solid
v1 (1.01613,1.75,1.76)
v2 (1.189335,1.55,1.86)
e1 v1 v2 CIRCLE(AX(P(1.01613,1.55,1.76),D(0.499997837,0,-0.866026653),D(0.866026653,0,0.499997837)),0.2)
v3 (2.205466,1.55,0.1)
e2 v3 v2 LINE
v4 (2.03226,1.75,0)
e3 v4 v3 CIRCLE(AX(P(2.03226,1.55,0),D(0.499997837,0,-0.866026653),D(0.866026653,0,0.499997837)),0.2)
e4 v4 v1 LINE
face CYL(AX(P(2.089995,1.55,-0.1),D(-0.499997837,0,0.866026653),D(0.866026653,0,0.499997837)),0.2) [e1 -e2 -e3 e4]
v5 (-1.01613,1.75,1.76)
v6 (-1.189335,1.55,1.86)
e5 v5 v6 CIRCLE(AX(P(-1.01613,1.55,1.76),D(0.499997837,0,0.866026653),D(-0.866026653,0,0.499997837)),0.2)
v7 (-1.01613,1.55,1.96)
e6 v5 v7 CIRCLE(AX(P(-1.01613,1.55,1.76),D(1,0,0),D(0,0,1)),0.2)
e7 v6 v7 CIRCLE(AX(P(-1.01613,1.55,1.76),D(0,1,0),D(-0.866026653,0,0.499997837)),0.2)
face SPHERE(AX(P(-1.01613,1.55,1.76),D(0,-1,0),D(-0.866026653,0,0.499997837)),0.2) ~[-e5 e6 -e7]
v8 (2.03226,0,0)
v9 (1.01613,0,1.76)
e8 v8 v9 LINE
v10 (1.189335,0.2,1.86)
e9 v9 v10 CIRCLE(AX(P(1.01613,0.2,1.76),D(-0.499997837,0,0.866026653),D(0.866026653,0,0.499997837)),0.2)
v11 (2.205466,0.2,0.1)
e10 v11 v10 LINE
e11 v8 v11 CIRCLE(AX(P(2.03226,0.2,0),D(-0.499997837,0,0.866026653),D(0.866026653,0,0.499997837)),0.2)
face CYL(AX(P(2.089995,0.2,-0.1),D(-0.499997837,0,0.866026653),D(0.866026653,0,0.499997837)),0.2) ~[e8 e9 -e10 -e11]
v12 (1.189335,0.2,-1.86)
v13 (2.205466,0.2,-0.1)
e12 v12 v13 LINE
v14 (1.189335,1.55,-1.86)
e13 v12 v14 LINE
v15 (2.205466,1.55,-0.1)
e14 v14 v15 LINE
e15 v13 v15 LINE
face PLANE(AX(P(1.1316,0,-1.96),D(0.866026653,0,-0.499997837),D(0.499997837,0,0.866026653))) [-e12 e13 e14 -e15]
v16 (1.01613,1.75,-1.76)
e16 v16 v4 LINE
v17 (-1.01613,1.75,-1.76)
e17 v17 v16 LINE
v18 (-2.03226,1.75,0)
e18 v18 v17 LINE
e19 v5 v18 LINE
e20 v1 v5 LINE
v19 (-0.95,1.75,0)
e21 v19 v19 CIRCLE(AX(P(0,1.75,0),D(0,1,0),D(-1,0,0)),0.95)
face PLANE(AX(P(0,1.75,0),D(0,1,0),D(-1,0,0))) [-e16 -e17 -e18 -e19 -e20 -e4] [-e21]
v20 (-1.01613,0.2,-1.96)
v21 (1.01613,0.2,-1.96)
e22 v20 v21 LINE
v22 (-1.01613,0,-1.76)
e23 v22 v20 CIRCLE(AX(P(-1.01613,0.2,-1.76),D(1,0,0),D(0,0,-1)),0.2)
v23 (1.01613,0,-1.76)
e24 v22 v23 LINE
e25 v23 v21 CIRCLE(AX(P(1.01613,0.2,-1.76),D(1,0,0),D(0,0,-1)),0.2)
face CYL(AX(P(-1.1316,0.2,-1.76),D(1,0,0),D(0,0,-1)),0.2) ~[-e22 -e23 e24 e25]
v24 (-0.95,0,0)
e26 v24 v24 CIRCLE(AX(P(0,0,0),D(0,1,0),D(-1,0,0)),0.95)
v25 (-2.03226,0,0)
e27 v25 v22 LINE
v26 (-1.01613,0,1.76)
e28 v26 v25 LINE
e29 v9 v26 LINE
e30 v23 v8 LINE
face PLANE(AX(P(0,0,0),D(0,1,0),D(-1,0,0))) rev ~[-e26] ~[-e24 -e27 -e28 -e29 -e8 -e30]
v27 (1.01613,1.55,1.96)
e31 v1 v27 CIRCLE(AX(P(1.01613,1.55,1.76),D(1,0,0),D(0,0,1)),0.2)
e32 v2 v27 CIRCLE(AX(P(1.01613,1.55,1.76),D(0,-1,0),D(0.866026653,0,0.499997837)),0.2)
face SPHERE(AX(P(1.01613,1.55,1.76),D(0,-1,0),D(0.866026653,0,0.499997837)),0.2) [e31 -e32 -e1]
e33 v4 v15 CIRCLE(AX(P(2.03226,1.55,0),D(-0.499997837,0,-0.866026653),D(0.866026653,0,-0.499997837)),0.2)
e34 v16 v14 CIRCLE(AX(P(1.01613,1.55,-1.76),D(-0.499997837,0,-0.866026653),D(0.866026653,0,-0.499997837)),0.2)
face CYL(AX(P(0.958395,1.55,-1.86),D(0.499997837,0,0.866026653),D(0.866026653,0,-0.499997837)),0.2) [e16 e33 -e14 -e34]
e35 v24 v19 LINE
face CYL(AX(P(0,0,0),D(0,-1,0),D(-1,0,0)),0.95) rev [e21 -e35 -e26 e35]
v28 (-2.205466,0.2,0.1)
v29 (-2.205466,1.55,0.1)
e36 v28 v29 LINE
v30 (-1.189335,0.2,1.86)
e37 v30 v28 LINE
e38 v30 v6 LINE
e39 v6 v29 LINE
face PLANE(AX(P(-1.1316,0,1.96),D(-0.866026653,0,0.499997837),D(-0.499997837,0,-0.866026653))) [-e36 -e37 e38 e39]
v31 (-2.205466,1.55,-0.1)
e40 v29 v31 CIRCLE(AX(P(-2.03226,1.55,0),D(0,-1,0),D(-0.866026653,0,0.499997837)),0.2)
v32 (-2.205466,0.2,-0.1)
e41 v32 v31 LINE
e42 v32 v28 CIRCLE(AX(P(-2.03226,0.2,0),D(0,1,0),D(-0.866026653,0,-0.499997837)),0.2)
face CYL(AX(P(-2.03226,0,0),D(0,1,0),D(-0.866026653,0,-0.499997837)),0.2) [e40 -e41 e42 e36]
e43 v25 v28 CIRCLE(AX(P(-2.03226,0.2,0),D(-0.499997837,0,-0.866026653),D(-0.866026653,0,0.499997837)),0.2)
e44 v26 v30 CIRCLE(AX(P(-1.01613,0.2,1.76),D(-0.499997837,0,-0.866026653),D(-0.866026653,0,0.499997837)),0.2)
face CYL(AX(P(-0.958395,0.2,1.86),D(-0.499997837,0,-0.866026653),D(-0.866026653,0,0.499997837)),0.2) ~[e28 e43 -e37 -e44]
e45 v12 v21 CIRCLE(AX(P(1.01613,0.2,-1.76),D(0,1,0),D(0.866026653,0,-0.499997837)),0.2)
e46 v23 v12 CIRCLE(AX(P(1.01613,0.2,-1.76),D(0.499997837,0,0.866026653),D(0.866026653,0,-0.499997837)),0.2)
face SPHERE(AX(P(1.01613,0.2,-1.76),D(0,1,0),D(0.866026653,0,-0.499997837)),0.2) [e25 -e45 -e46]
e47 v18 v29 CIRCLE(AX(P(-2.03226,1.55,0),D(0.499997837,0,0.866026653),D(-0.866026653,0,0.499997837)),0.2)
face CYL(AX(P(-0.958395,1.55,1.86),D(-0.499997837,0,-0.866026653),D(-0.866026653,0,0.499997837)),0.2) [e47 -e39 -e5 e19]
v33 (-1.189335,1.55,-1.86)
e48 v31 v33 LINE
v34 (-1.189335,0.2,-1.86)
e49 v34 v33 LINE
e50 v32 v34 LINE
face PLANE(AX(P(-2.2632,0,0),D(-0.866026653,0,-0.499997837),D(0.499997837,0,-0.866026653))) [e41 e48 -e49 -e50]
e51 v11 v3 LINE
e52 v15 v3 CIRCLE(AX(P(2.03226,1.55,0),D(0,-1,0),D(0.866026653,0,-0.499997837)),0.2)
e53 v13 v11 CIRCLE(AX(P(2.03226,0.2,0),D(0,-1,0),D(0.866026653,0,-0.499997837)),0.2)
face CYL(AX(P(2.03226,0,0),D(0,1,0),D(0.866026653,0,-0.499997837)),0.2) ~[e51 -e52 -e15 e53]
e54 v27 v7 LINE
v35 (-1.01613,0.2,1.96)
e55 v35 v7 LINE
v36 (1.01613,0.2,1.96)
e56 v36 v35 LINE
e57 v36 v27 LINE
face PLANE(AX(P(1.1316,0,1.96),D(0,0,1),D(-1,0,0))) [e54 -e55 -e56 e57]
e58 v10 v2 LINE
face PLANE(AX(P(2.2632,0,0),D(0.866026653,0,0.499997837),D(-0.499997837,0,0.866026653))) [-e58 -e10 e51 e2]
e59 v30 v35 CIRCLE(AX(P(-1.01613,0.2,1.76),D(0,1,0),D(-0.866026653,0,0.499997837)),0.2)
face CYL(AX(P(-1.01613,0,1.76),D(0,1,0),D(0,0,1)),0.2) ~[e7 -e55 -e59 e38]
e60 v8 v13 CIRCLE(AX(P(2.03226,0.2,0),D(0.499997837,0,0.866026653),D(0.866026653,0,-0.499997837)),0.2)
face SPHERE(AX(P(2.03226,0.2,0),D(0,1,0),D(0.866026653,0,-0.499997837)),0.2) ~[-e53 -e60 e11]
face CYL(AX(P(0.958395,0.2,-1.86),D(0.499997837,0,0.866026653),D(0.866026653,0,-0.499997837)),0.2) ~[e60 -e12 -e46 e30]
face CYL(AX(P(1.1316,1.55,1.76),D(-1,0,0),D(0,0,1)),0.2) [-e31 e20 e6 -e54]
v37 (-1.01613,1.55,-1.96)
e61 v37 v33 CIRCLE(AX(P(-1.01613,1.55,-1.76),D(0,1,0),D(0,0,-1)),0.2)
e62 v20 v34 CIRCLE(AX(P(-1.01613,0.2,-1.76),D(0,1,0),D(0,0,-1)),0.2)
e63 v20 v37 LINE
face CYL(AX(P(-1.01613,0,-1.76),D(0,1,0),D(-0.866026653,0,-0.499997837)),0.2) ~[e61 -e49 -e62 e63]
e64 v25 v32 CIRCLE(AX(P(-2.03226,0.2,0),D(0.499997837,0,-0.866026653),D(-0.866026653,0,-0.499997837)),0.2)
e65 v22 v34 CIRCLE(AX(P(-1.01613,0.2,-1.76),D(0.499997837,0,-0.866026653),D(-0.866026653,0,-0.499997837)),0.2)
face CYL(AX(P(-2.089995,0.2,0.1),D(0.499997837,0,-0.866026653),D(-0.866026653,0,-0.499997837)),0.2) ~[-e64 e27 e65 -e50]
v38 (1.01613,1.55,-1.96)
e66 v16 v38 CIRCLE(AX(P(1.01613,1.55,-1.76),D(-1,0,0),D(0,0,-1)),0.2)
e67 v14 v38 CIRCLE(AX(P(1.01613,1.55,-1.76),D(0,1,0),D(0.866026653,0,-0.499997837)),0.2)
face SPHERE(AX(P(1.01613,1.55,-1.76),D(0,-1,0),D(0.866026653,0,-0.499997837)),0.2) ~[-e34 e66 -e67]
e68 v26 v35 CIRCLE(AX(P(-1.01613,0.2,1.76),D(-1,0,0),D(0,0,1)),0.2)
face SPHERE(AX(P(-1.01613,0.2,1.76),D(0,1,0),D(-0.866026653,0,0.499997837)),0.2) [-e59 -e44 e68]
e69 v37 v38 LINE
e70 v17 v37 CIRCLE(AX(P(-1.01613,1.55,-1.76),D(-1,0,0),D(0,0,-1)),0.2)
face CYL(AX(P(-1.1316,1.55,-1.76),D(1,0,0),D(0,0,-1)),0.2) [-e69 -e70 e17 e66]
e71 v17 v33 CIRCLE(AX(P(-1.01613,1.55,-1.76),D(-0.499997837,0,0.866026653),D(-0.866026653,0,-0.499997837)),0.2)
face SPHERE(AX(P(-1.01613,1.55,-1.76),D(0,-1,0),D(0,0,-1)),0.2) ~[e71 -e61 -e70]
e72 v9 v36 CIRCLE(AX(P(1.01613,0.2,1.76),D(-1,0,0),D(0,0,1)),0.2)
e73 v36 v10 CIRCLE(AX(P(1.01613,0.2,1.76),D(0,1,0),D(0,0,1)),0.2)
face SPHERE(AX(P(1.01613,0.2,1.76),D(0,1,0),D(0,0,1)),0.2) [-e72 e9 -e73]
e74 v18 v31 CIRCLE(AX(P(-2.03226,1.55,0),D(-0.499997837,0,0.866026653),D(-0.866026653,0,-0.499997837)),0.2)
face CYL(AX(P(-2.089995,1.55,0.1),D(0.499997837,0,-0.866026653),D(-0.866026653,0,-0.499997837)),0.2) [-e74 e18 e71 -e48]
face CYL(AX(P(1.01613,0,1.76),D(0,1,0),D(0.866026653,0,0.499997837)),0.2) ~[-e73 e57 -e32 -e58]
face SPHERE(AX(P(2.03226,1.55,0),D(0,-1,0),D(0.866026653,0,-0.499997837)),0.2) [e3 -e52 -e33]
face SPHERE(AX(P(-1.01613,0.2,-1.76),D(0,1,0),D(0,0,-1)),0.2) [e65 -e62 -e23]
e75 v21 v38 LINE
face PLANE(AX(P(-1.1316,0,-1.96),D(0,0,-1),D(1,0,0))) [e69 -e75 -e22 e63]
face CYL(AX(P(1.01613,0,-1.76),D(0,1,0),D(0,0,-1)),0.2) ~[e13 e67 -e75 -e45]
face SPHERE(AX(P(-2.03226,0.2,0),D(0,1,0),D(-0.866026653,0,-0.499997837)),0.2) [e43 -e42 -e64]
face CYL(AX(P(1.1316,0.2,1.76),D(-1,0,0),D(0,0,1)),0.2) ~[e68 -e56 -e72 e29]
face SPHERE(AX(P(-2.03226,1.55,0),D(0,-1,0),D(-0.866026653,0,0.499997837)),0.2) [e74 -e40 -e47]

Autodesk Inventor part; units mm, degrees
ref_plane "YZ Plane" through (0, 0, 0) normal (1, 0, 0) x (0, 1, 0)
ref_plane "XZ Plane" through (0, 0, 0) normal (0, 1, 0) x (-1, 0, 0)
ref_plane "XY Plane" through (0, 0, 0) normal (0, 0, 1) x (1, 0, 0)
sketch "Sketch1" plane through (0, 0, 0) normal (0, 1, 0) x (-1, 0, 0)
  line L0 (2.2632, 0) -> (1.1316, -1.96)
  line L1 (1.1316, -1.96) -> (-1.1316, -1.96)
  line L2 (-1.1316, -1.96) -> (-2.2632, 0)
  line L3 (-2.2632, 0) -> (-1.1316, 1.96)
  line L4 (-1.1316, 1.96) -> (1.1316, 1.96)
  line L5 (1.1316, 1.96) -> (2.2632, 0)
  circle A0 centre (0, 0) radius 0.95
  dimension "d0" = 3.92
  dimension "d1" = 1.9
extrude "Extrusion1" add sketch "Sketch1" along normal blind 1.75
fillet "Fillet1" radius 0.2 18 edges at (1.6974, 1.75, 0.98) (0, 1.75, 1.96) (1.1316, 0.875, 1.96) (0, 0, 1.96) (-1.1316, 0.875, 1.96) (1.6974, 0, 0.98) (2.2632, 0.875, 0) (1.1316, 0.875, -1.96) (1.6974, 1.75, -0.98) (1.6974, 0, -0.98) (-1.1316, 0.875, -1.96) (0, 1.75, -1.96) (0, 0, -1.96) (-1.6974, 1.75, 0.98) (-1.6974, 1.75, -0.98) (-2.2632, 0.875, 0) (-1.6974, 0, -0.98) (-1.6974, 0, 0.98)
thread "Thread1" size "M2x0.4" class "6H" standard "ANSI Metric M Profile" full length
properties part number "M2 Nut"
